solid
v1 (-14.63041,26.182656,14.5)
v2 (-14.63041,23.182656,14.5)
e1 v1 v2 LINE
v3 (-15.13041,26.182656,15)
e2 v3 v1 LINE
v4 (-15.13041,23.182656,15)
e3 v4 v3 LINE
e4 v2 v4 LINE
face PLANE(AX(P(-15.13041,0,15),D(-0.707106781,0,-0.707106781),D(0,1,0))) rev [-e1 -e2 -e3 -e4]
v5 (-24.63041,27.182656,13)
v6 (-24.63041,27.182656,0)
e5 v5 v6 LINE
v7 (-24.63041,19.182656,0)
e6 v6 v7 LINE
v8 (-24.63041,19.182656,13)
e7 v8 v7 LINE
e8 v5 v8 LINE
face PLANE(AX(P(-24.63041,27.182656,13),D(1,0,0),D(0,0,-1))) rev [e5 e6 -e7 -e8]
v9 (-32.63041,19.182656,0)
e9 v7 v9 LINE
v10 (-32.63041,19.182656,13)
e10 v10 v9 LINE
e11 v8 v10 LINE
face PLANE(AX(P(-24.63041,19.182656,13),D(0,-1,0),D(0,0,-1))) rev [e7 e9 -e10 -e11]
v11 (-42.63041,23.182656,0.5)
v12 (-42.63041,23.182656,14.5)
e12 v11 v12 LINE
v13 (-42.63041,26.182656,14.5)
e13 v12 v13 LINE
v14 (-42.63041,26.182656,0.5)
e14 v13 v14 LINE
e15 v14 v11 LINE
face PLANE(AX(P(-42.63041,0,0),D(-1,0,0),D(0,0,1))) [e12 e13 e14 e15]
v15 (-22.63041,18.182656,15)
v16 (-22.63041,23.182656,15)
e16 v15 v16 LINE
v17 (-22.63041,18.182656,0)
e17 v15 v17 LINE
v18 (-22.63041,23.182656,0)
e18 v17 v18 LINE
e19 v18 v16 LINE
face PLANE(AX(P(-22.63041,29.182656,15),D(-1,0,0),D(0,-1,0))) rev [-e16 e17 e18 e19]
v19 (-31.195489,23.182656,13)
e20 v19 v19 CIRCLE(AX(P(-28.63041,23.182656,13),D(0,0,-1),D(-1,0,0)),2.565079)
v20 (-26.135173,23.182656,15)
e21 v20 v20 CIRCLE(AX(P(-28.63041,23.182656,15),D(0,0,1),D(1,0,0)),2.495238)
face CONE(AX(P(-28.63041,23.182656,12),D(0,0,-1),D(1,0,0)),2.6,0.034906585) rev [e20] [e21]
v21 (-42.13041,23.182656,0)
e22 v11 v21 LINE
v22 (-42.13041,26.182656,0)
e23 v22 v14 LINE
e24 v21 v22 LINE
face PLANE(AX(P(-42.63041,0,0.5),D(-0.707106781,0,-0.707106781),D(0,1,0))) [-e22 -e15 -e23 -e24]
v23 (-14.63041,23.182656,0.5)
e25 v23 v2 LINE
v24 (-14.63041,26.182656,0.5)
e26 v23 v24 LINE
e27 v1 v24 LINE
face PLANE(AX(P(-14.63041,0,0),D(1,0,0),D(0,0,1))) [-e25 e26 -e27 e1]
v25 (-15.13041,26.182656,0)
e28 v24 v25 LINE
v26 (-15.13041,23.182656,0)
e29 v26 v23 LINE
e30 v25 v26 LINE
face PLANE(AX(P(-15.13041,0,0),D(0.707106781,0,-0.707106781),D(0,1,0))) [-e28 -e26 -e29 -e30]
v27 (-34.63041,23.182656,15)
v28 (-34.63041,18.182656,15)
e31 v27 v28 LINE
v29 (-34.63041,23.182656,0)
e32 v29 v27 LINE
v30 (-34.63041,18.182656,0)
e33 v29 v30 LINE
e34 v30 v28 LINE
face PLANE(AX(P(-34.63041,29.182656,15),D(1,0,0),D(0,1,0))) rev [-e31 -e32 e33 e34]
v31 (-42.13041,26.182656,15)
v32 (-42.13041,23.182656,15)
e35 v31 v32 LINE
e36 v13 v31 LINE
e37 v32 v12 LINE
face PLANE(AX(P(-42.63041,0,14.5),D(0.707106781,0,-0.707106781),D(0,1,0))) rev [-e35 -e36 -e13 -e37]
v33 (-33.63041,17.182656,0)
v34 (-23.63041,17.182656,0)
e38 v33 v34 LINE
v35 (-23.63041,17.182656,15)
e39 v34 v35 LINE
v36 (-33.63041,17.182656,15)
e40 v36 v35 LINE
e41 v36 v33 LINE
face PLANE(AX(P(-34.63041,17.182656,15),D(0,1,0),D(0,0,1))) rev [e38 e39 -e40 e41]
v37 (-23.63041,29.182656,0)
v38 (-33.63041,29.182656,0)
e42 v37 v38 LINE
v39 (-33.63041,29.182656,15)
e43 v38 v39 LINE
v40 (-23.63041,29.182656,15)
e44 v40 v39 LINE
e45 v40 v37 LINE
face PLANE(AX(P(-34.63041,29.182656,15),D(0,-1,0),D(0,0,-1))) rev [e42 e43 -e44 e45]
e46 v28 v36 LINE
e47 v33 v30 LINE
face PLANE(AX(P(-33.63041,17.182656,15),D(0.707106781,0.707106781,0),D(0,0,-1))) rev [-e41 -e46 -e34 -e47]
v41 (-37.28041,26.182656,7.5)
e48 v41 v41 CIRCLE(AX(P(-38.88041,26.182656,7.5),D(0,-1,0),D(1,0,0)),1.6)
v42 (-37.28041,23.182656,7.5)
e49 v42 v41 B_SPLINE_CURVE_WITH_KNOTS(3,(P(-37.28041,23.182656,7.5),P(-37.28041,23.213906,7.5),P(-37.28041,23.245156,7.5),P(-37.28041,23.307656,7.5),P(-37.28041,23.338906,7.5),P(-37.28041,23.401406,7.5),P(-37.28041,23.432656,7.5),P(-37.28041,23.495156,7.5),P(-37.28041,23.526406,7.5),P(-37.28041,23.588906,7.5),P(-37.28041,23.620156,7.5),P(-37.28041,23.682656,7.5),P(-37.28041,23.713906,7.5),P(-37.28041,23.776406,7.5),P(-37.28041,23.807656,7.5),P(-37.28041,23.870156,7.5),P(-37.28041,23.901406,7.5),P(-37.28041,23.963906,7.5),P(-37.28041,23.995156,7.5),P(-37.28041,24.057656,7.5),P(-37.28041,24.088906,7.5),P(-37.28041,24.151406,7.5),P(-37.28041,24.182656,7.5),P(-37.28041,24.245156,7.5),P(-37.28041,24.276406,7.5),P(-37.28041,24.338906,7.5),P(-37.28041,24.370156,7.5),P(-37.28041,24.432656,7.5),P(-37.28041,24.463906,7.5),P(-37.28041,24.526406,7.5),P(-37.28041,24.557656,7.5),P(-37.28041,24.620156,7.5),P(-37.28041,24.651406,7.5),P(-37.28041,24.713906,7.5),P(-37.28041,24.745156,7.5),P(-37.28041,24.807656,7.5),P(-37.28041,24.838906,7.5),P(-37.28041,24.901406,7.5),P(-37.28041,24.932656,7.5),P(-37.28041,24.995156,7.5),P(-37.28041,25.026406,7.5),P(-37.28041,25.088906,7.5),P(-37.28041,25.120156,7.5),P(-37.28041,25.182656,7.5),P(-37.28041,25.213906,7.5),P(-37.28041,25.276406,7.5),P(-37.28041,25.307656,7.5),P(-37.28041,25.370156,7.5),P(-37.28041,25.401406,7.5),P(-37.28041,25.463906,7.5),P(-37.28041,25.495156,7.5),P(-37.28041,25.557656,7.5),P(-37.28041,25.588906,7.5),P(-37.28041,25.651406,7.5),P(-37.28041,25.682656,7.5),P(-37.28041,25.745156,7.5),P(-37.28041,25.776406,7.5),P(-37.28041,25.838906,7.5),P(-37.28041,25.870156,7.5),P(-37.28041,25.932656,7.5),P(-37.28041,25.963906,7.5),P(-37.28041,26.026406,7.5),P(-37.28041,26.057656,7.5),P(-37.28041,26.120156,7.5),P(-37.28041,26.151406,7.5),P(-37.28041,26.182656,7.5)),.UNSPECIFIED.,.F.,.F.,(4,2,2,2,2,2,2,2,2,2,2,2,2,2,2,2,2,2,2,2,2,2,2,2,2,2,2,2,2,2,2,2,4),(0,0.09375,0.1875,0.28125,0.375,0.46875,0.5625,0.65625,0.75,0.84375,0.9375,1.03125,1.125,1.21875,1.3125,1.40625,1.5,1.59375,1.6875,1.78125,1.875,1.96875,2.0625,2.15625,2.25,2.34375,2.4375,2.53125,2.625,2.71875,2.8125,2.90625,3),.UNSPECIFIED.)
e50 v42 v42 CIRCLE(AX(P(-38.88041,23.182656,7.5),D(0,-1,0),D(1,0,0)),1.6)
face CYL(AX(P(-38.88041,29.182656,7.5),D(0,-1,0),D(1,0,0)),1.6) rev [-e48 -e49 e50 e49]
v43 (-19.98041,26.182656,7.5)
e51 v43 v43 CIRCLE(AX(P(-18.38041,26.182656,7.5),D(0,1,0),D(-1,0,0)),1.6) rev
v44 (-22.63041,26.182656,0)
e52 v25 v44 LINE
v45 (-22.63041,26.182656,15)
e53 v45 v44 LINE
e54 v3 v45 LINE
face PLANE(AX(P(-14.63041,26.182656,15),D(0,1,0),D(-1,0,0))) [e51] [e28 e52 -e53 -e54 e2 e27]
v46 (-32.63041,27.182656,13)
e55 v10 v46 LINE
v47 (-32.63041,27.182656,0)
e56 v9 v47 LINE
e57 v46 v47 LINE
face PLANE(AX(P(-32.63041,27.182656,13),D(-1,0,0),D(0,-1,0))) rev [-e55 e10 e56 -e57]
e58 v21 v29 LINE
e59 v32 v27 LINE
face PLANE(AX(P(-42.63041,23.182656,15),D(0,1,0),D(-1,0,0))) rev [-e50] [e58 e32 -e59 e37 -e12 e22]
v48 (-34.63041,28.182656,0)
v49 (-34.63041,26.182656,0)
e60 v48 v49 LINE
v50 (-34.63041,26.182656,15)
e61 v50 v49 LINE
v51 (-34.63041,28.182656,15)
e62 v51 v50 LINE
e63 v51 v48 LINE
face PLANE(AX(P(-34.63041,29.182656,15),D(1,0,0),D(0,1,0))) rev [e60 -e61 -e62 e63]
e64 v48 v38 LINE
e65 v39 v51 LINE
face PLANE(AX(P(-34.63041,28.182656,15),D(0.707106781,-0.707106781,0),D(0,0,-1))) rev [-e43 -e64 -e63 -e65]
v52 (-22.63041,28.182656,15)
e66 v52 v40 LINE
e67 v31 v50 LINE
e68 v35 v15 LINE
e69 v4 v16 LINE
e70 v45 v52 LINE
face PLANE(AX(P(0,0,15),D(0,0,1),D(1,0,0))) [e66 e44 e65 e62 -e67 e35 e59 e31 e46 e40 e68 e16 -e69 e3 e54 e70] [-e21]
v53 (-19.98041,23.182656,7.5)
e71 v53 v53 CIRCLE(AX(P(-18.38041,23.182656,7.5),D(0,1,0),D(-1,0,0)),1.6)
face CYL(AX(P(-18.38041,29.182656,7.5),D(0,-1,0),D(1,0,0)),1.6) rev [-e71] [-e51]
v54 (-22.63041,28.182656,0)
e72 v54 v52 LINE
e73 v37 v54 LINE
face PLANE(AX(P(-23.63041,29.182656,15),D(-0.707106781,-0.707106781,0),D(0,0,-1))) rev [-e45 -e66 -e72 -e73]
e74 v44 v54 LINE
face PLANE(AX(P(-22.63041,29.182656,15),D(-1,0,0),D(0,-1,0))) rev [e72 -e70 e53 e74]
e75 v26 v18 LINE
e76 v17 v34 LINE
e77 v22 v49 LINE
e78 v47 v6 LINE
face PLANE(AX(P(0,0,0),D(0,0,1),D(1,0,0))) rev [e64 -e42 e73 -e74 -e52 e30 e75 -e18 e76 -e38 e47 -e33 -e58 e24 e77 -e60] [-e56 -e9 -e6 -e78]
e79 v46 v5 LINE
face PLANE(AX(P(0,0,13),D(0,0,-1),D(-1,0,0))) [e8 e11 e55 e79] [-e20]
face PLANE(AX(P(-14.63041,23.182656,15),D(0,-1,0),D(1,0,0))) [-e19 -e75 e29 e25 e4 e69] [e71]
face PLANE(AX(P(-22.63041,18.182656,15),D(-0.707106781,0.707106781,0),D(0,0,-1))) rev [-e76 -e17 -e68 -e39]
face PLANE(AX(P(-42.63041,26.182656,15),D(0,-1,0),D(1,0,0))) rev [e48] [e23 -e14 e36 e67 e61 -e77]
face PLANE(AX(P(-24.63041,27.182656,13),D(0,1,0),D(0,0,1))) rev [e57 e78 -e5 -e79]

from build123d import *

# Parameters (mm, degrees)
ESQUISSE1_W                  = 12
ESQUISSE1_H                  = 12
BOSS_EXTRU_1_DEPTH           = 15
ENL_V_START                  = -3
ESQUISSE2_R                  = 2.6
ENL_V_MAT_EXTRU_1_DEPTH      = 51.706317156
ENL_V_MAT_EXTRU_1_TAPER      = 2
ESQUISSE3_W                  = 8
ESQUISSE3_H                  = 8
ENL_V_MAT_EXTRU_2_DEPTH      = 13
CHANFREIN1_SIZE              = 1
ESQUISSE4_W                  = 15
ESQUISSE4_H                  = 3
BOSS_EXTRU_2_DEPTH           = 8
ESQUISSE5_R                  = 1.6
ENL_V_MAT_EXTRU_3_DEPTH      = 46.588944696
CHANFREIN2_SIZE              = 0.5
CHANFREIN2_OF_SYM_TRIE1_SIZE = 0.5


with BuildPart() as part:
    # Esquisse1 → Boss.-Extru.1 (new body)
    with BuildSketch(Plane.XY):
        with Locations((-28.630410255, 23.182655502)):
            Rectangle(ESQUISSE1_W, ESQUISSE1_H)
    extrude(amount=BOSS_EXTRU_1_DEPTH)

    # Esquisse2 → Enlèv. mat.-Extru.1 (cut, through all)
    with BuildSketch(Plane.XY.offset(15).offset(ENL_V_START)):
        with Locations((-28.630410255, 23.182655502)):
            Circle(ESQUISSE2_R)
    extrude(amount=ENL_V_MAT_EXTRU_1_DEPTH, taper=ENL_V_MAT_EXTRU_1_TAPER, mode=Mode.SUBTRACT)

    # Esquisse3 → Enlèv. mat.-Extru.2 (cut)
    with BuildSketch(Plane(origin=(0, 0, 0), x_dir=(-1, 0, 0), z_dir=(0, 0, -1))):
        with Locations((28.630410255, 23.182655502)):
            Rectangle(ESQUISSE3_W, ESQUISSE3_H)
    extrude(amount=-ENL_V_MAT_EXTRU_2_DEPTH, mode=Mode.SUBTRACT)

    # Chanfrein1
    chanfrein1_edges = [part.edges().sort_by_distance(p)[0] for p in [
        (-34.630410255, 29.182655502, 7.5),
        (-22.630410255, 29.182655502, 7.5),
        (-22.630410255, 17.182655502, 7.5),
        (-34.630410255, 17.182655502, 7.5),
    ]]
    chamfer(chanfrein1_edges, length=CHANFREIN1_SIZE)

    # Esquisse4 → Boss.-Extru.2 (add)
    with BuildSketch(Plane.ZY.offset(34.630410255)):
        with Locations((7.5, 24.682655502)):
            Rectangle(ESQUISSE4_W, ESQUISSE4_H)
    boss_extru_2 = extrude(amount=BOSS_EXTRU_2_DEPTH)

    # Esquisse5 → Enlèv. mat.-Extru.3 (cut, through all)
    with BuildSketch(Plane.XZ.offset(-23.182655502)):
        with Locations((-38.880410255, 7.5)):
            Circle(ESQUISSE5_R)
    enl_v_mat_extru_3 = extrude(amount=-ENL_V_MAT_EXTRU_3_DEPTH, mode=Mode.SUBTRACT)

    # Chanfrein2
    chanfrein2_edges = [part.edges().sort_by_distance(p)[0] for p in [
        (-42.630410255, 24.682655502, 15),
        (-42.630410255, 24.682655502, 0),
    ]]
    chamfer(chanfrein2_edges, length=CHANFREIN2_SIZE)

    # Symétrie1: Boss.-Extru.2, Enlèv. mat.-Extru.3 across plane
    add(boss_extru_2.mirror(Plane.ZY.offset(28.630410255)))
    add(enl_v_mat_extru_3.mirror(Plane.ZY.offset(28.630410255)), mode=Mode.SUBTRACT)

    # Chanfrein2 of Symétrie1
    chanfrein2_of_sym_trie1_edges = [part.edges().sort_by_distance(p)[0] for p in [
        (-14.630410255, 24.682655502, 15),
        (-14.630410255, 24.682655502, 0),
    ]]
    chamfer(chanfrein2_of_sym_trie1_edges, length=CHANFREIN2_OF_SYM_TRIE1_SIZE)


solid = part.part
